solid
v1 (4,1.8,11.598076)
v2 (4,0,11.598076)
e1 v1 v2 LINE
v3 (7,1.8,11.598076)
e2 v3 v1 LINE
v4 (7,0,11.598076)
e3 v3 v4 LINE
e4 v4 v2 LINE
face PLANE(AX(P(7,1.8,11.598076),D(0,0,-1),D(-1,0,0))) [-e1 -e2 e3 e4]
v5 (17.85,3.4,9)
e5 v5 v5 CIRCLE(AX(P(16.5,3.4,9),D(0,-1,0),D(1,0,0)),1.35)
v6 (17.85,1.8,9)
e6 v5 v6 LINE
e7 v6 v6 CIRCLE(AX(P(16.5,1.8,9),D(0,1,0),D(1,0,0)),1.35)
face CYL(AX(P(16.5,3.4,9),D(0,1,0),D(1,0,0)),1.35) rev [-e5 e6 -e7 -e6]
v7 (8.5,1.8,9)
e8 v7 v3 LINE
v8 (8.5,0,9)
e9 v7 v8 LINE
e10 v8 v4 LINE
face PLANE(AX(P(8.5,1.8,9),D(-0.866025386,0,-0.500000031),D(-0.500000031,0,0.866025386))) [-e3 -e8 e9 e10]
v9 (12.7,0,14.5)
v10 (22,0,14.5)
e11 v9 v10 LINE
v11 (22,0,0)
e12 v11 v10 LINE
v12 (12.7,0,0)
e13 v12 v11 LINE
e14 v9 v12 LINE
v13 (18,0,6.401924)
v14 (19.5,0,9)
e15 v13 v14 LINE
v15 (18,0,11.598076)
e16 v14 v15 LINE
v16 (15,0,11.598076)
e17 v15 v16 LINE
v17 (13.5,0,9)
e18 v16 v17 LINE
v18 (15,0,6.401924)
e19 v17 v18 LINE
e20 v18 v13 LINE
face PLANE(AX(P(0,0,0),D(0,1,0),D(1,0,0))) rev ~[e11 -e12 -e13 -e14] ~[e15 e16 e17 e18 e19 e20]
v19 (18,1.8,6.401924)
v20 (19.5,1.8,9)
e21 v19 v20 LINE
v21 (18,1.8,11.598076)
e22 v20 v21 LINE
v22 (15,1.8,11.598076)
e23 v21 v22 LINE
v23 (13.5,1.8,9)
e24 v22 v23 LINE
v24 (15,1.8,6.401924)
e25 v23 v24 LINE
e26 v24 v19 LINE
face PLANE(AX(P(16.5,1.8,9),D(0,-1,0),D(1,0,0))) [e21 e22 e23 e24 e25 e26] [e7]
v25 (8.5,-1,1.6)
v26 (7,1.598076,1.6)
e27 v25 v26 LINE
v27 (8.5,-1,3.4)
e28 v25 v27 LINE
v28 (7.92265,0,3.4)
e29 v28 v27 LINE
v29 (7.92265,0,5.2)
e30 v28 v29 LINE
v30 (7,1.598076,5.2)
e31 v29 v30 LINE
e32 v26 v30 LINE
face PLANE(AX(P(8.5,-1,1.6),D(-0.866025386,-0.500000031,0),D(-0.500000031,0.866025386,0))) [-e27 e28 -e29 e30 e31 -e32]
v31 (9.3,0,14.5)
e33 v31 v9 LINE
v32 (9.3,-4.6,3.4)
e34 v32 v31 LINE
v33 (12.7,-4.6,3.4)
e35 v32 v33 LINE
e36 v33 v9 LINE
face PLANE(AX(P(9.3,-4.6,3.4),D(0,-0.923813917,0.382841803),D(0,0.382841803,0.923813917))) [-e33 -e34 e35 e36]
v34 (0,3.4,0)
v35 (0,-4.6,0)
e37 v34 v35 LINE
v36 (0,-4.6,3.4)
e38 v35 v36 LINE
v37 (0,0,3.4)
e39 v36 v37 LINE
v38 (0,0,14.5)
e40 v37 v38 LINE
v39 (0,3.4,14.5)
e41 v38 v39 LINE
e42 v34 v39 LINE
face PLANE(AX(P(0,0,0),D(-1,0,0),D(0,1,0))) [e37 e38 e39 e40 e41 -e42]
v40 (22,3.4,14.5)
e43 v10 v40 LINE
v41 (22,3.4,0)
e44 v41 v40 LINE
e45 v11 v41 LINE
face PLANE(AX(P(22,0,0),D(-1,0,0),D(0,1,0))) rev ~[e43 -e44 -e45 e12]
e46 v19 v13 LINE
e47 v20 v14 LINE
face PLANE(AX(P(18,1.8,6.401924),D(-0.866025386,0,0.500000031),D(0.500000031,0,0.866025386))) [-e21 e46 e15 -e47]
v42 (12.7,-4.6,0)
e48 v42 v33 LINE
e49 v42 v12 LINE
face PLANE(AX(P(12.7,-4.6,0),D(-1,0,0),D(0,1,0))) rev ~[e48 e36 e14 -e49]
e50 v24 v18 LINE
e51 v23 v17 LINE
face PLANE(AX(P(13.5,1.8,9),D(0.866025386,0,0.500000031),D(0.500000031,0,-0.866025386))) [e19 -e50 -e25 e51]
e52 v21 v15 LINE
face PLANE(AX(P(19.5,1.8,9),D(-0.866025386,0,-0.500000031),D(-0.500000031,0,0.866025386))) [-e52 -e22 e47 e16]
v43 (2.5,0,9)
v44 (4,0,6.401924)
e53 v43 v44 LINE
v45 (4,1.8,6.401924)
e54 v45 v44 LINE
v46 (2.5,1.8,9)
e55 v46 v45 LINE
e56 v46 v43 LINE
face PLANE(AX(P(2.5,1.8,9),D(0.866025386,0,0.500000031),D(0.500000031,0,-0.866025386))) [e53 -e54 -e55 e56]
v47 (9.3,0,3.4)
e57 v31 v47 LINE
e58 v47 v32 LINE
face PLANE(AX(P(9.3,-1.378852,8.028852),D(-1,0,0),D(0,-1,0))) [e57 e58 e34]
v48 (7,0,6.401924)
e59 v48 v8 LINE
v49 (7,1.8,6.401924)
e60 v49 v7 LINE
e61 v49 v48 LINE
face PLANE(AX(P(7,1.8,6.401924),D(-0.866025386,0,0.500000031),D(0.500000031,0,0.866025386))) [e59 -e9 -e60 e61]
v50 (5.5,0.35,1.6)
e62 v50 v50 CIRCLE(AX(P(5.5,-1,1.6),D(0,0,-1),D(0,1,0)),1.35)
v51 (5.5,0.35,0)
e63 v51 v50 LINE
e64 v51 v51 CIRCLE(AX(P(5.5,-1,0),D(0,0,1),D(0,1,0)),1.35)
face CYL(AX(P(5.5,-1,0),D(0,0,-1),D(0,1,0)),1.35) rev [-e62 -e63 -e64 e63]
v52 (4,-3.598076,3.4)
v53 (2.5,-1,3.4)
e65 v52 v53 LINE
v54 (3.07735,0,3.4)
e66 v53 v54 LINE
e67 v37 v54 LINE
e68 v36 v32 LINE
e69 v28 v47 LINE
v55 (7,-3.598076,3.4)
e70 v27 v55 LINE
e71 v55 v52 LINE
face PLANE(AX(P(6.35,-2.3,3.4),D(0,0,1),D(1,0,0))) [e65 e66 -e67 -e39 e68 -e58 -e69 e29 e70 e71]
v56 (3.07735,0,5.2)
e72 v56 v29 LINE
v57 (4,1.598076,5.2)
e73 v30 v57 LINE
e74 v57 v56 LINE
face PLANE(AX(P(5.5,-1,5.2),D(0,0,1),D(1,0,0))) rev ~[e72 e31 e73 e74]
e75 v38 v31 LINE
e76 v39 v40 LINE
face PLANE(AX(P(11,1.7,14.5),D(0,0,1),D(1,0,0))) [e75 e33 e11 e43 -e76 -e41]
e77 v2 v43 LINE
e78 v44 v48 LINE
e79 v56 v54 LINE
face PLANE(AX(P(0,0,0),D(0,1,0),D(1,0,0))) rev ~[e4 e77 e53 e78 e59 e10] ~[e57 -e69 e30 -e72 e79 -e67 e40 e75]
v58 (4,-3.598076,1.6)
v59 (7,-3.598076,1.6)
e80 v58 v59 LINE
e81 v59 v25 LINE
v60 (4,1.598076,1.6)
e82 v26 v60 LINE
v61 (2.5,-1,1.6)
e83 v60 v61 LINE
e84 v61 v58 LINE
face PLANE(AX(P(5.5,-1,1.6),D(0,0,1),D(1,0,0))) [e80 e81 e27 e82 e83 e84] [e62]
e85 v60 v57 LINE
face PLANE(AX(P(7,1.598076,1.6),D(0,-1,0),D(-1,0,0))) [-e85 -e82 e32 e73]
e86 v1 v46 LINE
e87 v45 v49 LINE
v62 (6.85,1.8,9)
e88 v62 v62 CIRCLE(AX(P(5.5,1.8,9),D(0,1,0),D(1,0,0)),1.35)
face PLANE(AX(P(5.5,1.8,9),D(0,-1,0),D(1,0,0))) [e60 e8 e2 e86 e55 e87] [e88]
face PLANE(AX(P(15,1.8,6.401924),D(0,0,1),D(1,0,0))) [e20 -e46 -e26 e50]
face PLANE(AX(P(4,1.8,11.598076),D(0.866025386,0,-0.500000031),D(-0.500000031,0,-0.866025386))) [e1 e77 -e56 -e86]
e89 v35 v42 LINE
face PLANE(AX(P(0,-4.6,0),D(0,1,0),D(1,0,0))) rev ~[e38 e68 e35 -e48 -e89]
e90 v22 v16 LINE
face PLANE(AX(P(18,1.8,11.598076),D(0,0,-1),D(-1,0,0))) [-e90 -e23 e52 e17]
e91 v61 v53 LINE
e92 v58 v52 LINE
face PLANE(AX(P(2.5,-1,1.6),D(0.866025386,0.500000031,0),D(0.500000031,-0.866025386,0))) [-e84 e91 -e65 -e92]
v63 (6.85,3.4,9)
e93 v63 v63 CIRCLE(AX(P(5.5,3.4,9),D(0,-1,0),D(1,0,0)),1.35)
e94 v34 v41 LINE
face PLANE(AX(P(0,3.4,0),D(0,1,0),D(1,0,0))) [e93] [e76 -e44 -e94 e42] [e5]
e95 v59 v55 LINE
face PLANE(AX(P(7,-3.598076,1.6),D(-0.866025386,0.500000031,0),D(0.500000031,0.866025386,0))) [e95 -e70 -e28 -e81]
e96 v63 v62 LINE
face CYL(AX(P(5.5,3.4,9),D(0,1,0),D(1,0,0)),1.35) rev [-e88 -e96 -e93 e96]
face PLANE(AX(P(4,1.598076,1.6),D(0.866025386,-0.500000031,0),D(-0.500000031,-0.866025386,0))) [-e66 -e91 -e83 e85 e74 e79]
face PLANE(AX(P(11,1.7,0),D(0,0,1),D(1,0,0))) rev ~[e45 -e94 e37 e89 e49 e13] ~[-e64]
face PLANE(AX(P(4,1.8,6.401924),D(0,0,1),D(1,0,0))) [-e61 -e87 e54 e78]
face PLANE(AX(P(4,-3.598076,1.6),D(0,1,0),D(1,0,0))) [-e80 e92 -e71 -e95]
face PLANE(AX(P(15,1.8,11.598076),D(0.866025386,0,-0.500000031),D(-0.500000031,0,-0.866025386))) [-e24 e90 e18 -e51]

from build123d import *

# Parameters (mm, degrees)
EXTRUDE003_DEPTH  = 3.6
CYLINDER002_R     = 1.35
CYLINDER002_DEPTH = 3.4
EXTRUDE002_DEPTH  = 1.8
CYLINDER003_R     = 1.35
CYLINDER003_DEPTH = 3.4
EXTRUDE001_DEPTH  = 1.8
CYLINDER_R        = 1.35
CYLINDER_DEPTH    = 3.4
BOX_W             = 22
BOX_H             = 3.4
BOX_DEPTH         = 14.5
BOX001_W          = 12.7
BOX001_H          = 4.6
BOX001_DEPTH      = 3.4
EXTRUDE_DEPTH     = 3.4


with BuildPart() as extrude003:
    # Sketch003 → Extrude003 (new body)
    with BuildSketch(Plane(origin=(5.5, -1, 1.6), x_dir=(1, 0, 0), z_dir=(0, 0, 1))):
        Polygon((3, 0), (1.5, 2.598076), (-1.5, 2.598076), (-3, 0), (-1.5, -2.598076), (1.5, -2.598076), align=None)
    extrude(amount=EXTRUDE003_DEPTH)


with BuildPart() as hole03:
    # Cylinder002 → Cylinder002 (new body)
    with BuildSketch(Plane(origin=(5.5, -1, 0), x_dir=(0, 1, 0), z_dir=(0, 0, 1))):
        Circle(CYLINDER002_R)
    extrude(amount=CYLINDER002_DEPTH)

    # Fusion002: union Extrude003
    add(extrude003.part)


with BuildPart() as extrude002:
    # Sketch002 → Extrude002 (new body)
    with BuildSketch(Plane(origin=(16.5, 1.8, 9), x_dir=(1, 0, 0), z_dir=(0, -1, 0))):
        Polygon((3, 0), (1.5, 2.598076), (-1.5, 2.598076), (-3, 0), (-1.5, -2.598076), (1.5, -2.598076), align=None)
    extrude(amount=EXTRUDE002_DEPTH)


with BuildPart() as hole02:
    # Cylinder003 → Cylinder003 (new body)
    with BuildSketch(Plane(origin=(16.5, 3.4, 9), x_dir=(1, 0, 0), z_dir=(0, -1, 0))):
        Circle(CYLINDER003_R)
    extrude(amount=CYLINDER003_DEPTH)

    # Fusion001: union Extrude002
    add(extrude002.part)


with BuildPart() as extrude001:
    # Sketch001 → Extrude001 (new body)
    with BuildSketch(Plane(origin=(5.5, 1.8, 9), x_dir=(1, 0, 0), z_dir=(0, -1, 0))):
        Polygon((3, 0), (1.5, 2.598076), (-1.5, 2.598076), (-3, 0), (-1.5, -2.598076), (1.5, -2.598076), align=None)
    extrude(amount=EXTRUDE001_DEPTH)


with BuildPart() as hole01:
    # Cylinder → Cylinder (new body)
    with BuildSketch(Plane(origin=(5.5, 3.4, 9), x_dir=(1, 0, 0), z_dir=(0, -1, 0))):
        Circle(CYLINDER_R)
    extrude(amount=CYLINDER_DEPTH)

    # Fusion: union Extrude001
    add(extrude001.part)


with BuildPart() as cut001:
    # Box → Box (new body)
    with BuildSketch(Plane.XY):
        with Locations((11, 1.7)):
            Rectangle(BOX_W, BOX_H)
    extrude(amount=BOX_DEPTH)

    # Cut: cut Hole01
    add(hole01.part, mode=Mode.SUBTRACT)

    # Cut001: cut Hole02
    add(hole02.part, mode=Mode.SUBTRACT)


with BuildPart() as cut002:
    # Box001 → Box001 (new body)
    with BuildSketch(Plane(origin=(0, -4.6, 0), x_dir=(1, 0, 0), z_dir=(0, 0, 1))):
        with Locations((6.35, 2.3)):
            Rectangle(BOX001_W, BOX001_H)
    extrude(amount=BOX001_DEPTH)

    # Fusion003: union Cut001
    add(cut001.part)

    # Cut002: cut Hole03
    add(hole03.part, mode=Mode.SUBTRACT)


with BuildPart() as left_hand_bracket:
    # Sketch → Extrude (new body)
    with BuildSketch(Plane(origin=(0, 0, 3.4), x_dir=(0, 1, 0), z_dir=(1, 0, 0))):
        Polygon((0, 11.1), (0, 0), (-4.6, 0), align=None)
    extrude(amount=EXTRUDE_DEPTH)


with BuildPart() as left_hand_bracket_1:
    # Extrude placement: moved
    add(left_hand_bracket.part.moved(Location((9.3, 0, 0))))

    # Fusion004: union Cut002
    add(cut002.part)


solid = left_hand_bracket_1.part
